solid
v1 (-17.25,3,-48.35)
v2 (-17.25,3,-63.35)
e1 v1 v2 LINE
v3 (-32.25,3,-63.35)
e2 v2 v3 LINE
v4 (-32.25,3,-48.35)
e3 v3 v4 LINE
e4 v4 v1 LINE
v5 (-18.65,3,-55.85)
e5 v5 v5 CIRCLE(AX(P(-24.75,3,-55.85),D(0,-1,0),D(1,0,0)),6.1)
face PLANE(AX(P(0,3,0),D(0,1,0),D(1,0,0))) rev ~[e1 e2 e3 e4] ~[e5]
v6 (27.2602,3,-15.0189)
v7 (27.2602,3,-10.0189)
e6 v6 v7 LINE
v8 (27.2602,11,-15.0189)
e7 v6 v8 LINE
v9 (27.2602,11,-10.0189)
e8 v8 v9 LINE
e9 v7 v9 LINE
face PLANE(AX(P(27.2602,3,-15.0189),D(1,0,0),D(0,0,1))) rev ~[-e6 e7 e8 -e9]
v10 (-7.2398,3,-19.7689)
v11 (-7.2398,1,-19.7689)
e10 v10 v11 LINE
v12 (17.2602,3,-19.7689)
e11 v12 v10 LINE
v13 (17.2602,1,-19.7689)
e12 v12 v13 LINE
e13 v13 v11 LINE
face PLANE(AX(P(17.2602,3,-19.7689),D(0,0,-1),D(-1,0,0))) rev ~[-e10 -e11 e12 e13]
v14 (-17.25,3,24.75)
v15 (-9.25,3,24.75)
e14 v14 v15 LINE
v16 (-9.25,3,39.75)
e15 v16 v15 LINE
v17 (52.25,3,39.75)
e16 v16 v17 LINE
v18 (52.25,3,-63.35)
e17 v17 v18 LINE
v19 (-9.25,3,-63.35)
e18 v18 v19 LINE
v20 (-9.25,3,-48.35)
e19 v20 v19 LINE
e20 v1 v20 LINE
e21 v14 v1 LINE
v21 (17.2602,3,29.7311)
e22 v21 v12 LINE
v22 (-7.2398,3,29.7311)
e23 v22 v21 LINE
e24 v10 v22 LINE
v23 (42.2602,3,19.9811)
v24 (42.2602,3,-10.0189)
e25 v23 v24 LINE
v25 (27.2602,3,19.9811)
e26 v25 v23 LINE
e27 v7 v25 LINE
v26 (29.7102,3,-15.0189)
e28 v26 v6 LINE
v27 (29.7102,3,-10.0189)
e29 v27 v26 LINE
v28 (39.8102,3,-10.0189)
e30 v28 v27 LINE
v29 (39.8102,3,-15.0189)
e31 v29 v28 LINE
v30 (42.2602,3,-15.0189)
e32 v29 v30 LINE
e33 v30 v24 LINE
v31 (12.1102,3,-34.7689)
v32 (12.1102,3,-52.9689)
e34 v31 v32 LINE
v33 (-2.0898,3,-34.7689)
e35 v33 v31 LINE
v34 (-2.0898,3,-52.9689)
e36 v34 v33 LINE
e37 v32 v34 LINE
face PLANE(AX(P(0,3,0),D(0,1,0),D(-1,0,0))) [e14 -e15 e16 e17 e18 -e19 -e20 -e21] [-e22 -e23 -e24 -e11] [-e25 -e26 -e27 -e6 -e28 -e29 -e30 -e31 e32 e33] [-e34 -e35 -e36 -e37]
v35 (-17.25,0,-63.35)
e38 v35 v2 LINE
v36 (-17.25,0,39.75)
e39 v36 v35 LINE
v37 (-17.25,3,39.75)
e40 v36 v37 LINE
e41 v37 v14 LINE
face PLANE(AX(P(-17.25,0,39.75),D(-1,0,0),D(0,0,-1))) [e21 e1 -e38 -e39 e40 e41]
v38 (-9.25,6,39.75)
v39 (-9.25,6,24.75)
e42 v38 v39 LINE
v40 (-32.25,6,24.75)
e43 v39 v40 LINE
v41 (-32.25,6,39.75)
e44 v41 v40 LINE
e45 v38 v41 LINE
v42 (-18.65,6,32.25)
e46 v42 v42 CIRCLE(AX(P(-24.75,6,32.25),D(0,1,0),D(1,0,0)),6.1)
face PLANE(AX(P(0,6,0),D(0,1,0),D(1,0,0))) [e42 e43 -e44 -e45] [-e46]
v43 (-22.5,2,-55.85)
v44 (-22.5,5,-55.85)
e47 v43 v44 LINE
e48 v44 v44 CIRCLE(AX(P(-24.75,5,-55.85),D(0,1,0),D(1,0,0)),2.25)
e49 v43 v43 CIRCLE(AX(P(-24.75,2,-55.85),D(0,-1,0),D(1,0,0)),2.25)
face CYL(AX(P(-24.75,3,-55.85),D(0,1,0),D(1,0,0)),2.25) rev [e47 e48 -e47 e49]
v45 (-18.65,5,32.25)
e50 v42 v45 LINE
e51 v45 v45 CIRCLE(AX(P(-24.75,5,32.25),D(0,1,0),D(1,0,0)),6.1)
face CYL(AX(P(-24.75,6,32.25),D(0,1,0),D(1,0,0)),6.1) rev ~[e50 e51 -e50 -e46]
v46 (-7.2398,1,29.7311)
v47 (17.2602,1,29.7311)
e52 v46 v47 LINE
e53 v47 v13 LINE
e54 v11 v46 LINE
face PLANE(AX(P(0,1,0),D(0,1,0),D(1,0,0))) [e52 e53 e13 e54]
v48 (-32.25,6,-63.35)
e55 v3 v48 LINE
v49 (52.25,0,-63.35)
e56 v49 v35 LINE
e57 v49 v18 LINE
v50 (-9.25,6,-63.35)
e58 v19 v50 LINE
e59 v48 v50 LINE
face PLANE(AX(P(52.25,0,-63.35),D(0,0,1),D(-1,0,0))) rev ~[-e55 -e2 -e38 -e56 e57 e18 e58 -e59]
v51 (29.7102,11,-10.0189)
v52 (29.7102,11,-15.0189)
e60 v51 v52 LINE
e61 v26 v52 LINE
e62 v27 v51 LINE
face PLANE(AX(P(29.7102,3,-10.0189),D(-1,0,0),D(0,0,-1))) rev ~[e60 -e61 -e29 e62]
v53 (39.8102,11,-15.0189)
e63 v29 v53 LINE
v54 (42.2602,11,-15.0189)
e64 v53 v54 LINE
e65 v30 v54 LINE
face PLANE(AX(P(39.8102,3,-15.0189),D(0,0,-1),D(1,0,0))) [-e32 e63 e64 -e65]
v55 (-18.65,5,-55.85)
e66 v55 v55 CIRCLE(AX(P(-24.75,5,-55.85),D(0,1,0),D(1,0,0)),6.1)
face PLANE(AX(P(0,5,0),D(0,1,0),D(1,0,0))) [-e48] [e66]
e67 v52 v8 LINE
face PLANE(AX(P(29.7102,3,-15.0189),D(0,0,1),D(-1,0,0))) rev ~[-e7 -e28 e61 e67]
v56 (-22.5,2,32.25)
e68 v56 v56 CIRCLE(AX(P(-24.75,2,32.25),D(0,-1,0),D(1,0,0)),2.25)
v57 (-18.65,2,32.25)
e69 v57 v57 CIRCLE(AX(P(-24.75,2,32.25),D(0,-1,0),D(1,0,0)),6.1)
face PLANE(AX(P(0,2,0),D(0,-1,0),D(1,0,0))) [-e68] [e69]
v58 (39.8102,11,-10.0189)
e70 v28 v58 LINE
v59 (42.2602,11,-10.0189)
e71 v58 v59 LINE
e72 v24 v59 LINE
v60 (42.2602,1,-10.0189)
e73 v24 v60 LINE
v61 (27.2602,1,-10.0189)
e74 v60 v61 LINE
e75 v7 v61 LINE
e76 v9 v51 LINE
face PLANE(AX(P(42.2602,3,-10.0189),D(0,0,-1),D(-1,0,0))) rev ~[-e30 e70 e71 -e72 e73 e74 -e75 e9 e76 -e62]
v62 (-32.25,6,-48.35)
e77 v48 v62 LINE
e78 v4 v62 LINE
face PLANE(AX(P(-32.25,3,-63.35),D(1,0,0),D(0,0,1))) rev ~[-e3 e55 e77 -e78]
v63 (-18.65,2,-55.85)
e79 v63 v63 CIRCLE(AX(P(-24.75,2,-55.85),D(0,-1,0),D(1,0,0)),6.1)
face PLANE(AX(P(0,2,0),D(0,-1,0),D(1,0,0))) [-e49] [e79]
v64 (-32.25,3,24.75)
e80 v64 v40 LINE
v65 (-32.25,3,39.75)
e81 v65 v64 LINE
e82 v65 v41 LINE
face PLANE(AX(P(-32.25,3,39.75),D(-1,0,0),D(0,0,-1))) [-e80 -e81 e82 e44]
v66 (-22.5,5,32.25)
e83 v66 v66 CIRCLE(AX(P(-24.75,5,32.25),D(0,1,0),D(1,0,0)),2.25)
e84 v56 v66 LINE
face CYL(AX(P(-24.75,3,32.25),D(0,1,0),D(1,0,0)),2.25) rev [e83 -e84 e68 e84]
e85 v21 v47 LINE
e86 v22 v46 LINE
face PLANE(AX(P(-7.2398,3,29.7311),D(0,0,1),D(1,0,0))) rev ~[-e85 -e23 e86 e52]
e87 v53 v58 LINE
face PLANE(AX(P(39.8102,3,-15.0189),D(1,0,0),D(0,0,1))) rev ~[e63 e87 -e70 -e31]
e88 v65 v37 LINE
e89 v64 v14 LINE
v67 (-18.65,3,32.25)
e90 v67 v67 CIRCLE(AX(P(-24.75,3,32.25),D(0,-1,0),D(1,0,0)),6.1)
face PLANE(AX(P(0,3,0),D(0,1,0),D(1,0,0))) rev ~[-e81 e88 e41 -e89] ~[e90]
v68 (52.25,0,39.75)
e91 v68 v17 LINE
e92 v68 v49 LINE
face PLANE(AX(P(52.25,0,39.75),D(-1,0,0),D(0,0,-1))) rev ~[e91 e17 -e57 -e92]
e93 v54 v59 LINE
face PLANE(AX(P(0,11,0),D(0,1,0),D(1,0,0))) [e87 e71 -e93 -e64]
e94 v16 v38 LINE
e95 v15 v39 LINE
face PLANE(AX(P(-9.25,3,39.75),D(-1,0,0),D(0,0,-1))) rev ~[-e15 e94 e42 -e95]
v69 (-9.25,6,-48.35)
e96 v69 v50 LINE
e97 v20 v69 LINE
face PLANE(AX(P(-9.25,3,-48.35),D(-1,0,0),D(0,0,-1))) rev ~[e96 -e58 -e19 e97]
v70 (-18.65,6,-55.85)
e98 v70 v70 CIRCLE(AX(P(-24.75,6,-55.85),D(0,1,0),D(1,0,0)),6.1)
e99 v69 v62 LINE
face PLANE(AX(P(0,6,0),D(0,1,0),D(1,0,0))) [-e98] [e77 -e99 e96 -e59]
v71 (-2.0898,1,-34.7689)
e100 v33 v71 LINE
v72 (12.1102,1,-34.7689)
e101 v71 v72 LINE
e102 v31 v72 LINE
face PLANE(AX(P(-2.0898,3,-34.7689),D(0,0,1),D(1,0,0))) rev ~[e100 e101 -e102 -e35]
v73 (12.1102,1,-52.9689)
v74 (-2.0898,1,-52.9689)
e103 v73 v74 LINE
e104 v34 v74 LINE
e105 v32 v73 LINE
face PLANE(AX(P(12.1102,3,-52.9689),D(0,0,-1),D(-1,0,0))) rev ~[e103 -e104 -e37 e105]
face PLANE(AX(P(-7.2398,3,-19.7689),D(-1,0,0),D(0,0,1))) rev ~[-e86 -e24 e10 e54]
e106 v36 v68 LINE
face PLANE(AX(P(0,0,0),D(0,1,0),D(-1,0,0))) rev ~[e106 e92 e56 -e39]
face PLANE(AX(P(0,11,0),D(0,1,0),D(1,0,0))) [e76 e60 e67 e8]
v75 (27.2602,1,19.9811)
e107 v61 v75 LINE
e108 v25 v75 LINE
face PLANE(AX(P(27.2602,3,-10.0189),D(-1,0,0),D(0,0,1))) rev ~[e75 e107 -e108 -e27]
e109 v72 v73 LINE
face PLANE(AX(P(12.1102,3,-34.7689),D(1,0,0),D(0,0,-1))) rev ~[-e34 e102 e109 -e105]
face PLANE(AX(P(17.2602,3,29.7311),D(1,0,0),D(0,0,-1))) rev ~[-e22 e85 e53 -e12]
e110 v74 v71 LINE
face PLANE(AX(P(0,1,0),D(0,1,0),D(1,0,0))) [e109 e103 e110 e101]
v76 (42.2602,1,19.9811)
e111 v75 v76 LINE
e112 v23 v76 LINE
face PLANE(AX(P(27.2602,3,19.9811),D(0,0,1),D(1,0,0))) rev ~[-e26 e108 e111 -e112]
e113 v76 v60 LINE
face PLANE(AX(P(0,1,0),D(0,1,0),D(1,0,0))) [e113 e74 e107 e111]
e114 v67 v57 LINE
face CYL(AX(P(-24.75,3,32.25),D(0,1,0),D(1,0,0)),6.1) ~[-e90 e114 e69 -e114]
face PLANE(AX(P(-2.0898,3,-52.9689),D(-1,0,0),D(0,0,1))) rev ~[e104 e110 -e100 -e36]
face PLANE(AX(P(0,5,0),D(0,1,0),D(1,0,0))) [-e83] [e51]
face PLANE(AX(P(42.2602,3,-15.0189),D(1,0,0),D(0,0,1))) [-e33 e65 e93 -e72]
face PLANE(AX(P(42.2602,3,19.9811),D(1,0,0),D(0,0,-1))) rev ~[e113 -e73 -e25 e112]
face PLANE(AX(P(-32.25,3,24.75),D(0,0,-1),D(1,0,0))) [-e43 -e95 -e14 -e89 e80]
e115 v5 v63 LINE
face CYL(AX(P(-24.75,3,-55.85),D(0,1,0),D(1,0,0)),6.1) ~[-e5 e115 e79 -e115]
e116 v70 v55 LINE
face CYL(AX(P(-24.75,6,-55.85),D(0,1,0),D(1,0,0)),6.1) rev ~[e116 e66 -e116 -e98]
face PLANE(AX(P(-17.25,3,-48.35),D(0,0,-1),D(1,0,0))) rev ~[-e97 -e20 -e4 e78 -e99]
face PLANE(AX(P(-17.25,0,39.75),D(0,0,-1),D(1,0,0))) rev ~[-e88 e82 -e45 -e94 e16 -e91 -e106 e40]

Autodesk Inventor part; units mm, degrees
ref_plane "YZ Plane" through (0, 0, 0) normal (1, 0, 0) x (0, 1, 0)
ref_plane "XZ Plane" through (0, 0, 0) normal (0, 1, 0) x (-1, 0, 0)
ref_plane "XY Plane" through (0, 0, 0) normal (0, 0, 1) x (1, 0, 0)
sketch "Sketch1" plane through (0, 0, 0) normal (0, 1, 0) x (-1, 0, 0)
  line L0 (7.25, 29.75) -> (-17.25, 29.75)
  line L1 (-17.25, 29.75) -> (-17.25, -19.75)
  line L2 (-17.25, -19.75) -> (7.25, -19.75)
  line L3 (7.25, -19.75) -> (7.25, 29.75)
  line L4 (7.25, 29.75) -> (-17.25, -19.75) construction
  line L5 (-17.25, 29.75) -> (7.25, -19.75) construction
  line L6 (-27.25, 20) -> (-42.25, 20)
  line L7 (-42.25, 20) -> (-42.25, -10)
  line L8 (-42.25, -10) -> (-27.25, -10)
  line L9 (-27.25, -10) -> (-27.25, 20)
  line L10 (-27.25, 20) -> (-42.25, -10) construction
  line L11 (-42.25, 20) -> (-27.25, -10) construction
  line L12 (2.1, -34.75) -> (-12.1, -34.75)
  line L13 (-12.1, -34.75) -> (-12.1, -52.95)
  line L14 (-12.1, -52.95) -> (2.1, -52.95)
  line L15 (2.1, -52.95) -> (2.1, -34.75)
  line L16 (2.1, -34.75) -> (-12.1, -52.95) construction
  line L17 (-12.1, -34.75) -> (2.1, -52.95) construction
  line L18 (17.25, 39.75) -> (17.25, -51.55)
  line L19 (17.25, 24.75) -> (17.25, 39.75)
  line L20 (17.25, -36.55) -> (17.25, -51.55)
  line L21 (17.25, 39.75) -> (-52.25, 39.75)
  line L22 (-52.25, 39.75) -> (-52.25, -63.35)
  line L23 (-52.25, -63.35) -> (17.25, -63.35)
  line L24 (17.25, -63.35) -> (17.25, 39.75)
  point P0 (-34.75, 5)
  point P1 (-5, -43.85)
  point P2 (17.25, 0)
  dimension "d0" = 24.5
  dimension "d1" = 49.5
  dimension "d2" = 15
  dimension "d3" = 30
  dimension "d4" = 10
  dimension "d7" = 14.2
  dimension "d8" = 18.2
  dimension "d9" = 15
  dimension "d17" = 10
  dimension "d19" = 103.1
  dimension "d21" = 10
  dimension "d22" = 10
extrude "Extrusion1" add sketch "Sketch1" along normal blind 3 contours L3 L2 L1 L0 | L9 L8 L7 L6 | L15 L14 L13 L12 | L18 L24 L23 L22 L21
sketch "Sketch2" plane through (0, 3, 0) normal (0, 1, 0) x (1, 0, 0)
  line L0 (-7.2398, -29.7311) -> (17.2602, -29.7311)
  line L1 (17.2602, -29.7311) -> (17.2602, 19.7689)
  line L2 (17.2602, 19.7689) -> (-7.2398, 19.7689)
  line L3 (-7.2398, 19.7689) -> (-7.2398, -29.7311)
  line L4 (-7.2398, -29.7311) -> (17.2602, 19.7689) construction
  line L5 (17.2602, -29.7311) -> (-7.2398, 19.7689) construction
  line L6 (27.2602, -19.9811) -> (42.2602, -19.9811)
  line L7 (42.2602, -19.9811) -> (42.2602, 10.0189)
  line L8 (42.2602, 10.0189) -> (27.2602, 10.0189)
  line L9 (27.2602, 10.0189) -> (27.2602, -19.9811)
  line L10 (27.2602, -19.9811) -> (42.2602, 10.0189) construction
  line L11 (42.2602, -19.9811) -> (27.2602, 10.0189) construction
  line L12 (-2.0898, 34.7689) -> (12.1102, 34.7689)
  line L13 (12.1102, 34.7689) -> (12.1102, 52.9689)
  line L14 (12.1102, 52.9689) -> (-2.0898, 52.9689)
  line L15 (-2.0898, 52.9689) -> (-2.0898, 34.7689)
  line L16 (-2.0898, 34.7689) -> (12.1102, 52.9689) construction
  line L17 (12.1102, 34.7689) -> (-2.0898, 52.9689) construction
  line L18 (-17.2398, -39.7311) -> (-17.2398, 51.5689)
  line L19 (-17.2398, -39.7311) -> (-32.2398, -39.7311)
  line L20 (-32.2398, -39.7311) -> (-32.2398, -24.7311)
  line L21 (-32.2398, -24.7311) -> (-17.2398, -24.7311)
  line L22 (-17.2398, -24.7311) -> (-17.2398, -39.7311)
  line L23 (-17.2398, 51.5689) -> (-32.2398, 51.5689)
  line L24 (-32.2398, 51.5689) -> (-32.2398, 36.5689)
  line L25 (-32.2398, 36.5689) -> (-17.2398, 36.5689)
  line L26 (-17.2398, 36.5689) -> (-17.2398, 51.5689)
  line L27 (-17.2398, -39.7311) -> (52.2602, -39.7311)
  line L28 (52.2602, -39.7311) -> (52.2602, 63.3689)
  line L29 (52.2602, 63.3689) -> (-17.2398, 63.3689)
  line L30 (-17.2398, 63.3689) -> (-17.2398, -39.7311)
  point P0 (0, 0)
  point P1 (34.7602, -4.9811)
  point P2 (5.0102, 43.8689)
  point P3 (-17.2398, 0.0189)
  dimension "d25" = 24.5
  dimension "d26" = 49.5
  dimension "d27" = 15
  dimension "d28" = 30
  dimension "d29" = 10
  dimension "d30" = 14.2
  dimension "d31" = 18.2
  dimension "d32" = 15
  dimension "d33" = 15
  dimension "d34" = 15
  dimension "d35" = 15
  dimension "d36" = 15
  dimension "d37" = 10
  dimension "d38" = 11.8
  dimension "d39" = 103.1
  dimension "d40" = 10
  dimension "d41" = 10
extrude "Extrusion2" cut sketch "Sketch2" against normal blind 2 contours L3 L2 L1 L0 | L9 L8 L7 L6 | L15 L14 L13 L12
sketch "Sketch3" plane through (0, 3, 0) normal (0, 1, 0) x (1, 0, 0)
  point P0 (0, 0)
sketch "Sketch4" plane through (0, 3, 0) normal (0, 1, 0) x (1, 0, 0)
  line L0 (29.7102, 15.7954) -> (39.8102, 15.7954)
  line L1 (39.8102, 15.7954) -> (39.8102, 4.2425)
  line L2 (39.8102, 4.2425) -> (29.7102, 4.2425)
  line L3 (29.7102, 4.2425) -> (29.7102, 15.7954)
  line L4 (27.2602, 10.0189) -> (42.2602, 10.0189) projected
  line L5 (29.7102, 15.7954) -> (39.8102, 4.2425) construction
  line L6 (39.8102, 15.7954) -> (29.7102, 4.2425) construction
  line L7 (27.2602, 10.0189) -> (29.7102, 10.0189)
  line L8 (29.7102, 10.0189) -> (29.7102, 15.0189)
  line L9 (29.7102, 15.0189) -> (27.2602, 15.0189)
  line L10 (27.2602, 15.0189) -> (27.2602, 10.0189)
  line L11 (42.2602, 10.0189) -> (39.8102, 10.0189)
  line L12 (39.8102, 10.0189) -> (39.8102, 15.0189)
  line L13 (39.8102, 15.0189) -> (42.2602, 15.0189)
  line L14 (42.2602, 15.0189) -> (42.2602, 10.0189)
  point P0 (0, 0)
  point P1 (34.7602, 10.0189)
  point P2 (39.8102, 10.0189)
  point P3 (29.7102, 10.0189)
  dimension "d44" = 10.1
  dimension "d45" = 5
  dimension "d46" = 5
extrude "Extrusion3" add sketch "Sketch4" along normal blind 8 contours L3 L4 L10 L9 | L13 L14 L4 L1
sketch "Sketch7" plane through (0, 3, 0) normal (0, 1, 0) x (1, 0, 0)
  line L0 (-17.25, -39.75) -> (-32.25, -39.75)
  line L1 (-32.25, -39.75) -> (-32.25, -24.75)
  line L2 (-32.25, -24.75) -> (-17.25, -24.75)
  line L3 (-17.25, -24.75) -> (-17.25, -39.75)
  line L4 (52.25, 63.35) -> (-17.25, 63.35) projected
  line L5 (-17.25, 63.35) -> (-32.25, 63.35)
  line L6 (-32.25, 63.35) -> (-32.25, 48.35)
  line L7 (-32.25, 48.35) -> (-17.25, 48.35)
  line L8 (-17.25, 48.35) -> (-17.25, 63.35)
  line L9 (-17.25, -39.75) -> (-9.25, -39.75)
  line L10 (-9.25, -39.75) -> (-9.25, -24.75)
  line L11 (-9.25, -24.75) -> (-17.25, -24.75)
  line L12 (-17.25, -24.75) -> (-17.25, -39.75)
  line L13 (-17.25, 48.35) -> (-9.25, 48.35)
  line L14 (-9.25, 48.35) -> (-9.25, 63.35)
  line L15 (-9.25, 63.35) -> (-17.25, 63.35)
  line L16 (-17.25, 63.35) -> (-17.25, 48.35)
  point P0 (0, 0)
  dimension "d52" = 15
  dimension "d53" = 15
  dimension "d54" = 15
  dimension "d55" = 15
  dimension "d56" = 8
extrude "Extrusion5" add sketch "Sketch7" along normal blind 3
sketch "Sketch8" plane through (0, 6, 0) normal (0, 1, 0) x (1, 0, 0)
  line L0 (-32.25, -24.75) -> (-32.25, -39.75) projected
  line L1 (-9.25, -24.75) -> (-32.25, -24.75) projected
  line L2 (-17.25, 63.35) -> (-17.25, -39.75) projected
  line L3 (-17.25, -24.75) -> (-32.25, -24.75)
  circle A0 centre (-24.75, -32.25) radius 2.25
  circle A1 centre (-24.75, 55.85) radius 2.25
  point P0 (0, 0)
  dimension "d59" = 4.5
  dimension "d60" = 4.5
extrude "Extrusion6" cut sketch "Sketch8" against normal blind 3
sketch "Sketch9" plane through (0, 6, 0) normal (0, 1, 0) x (1, 0, 0)
  circle A0 centre (-24.75, -32.25) radius 2.25 projected
  circle A1 centre (-24.75, -32.25) radius 6.1
  circle A2 centre (-24.75, 55.85) radius 2.25 projected
  circle A3 centre (-24.75, 55.85) radius 6.1
  point P0 (0, 0)
  dimension "d63" = 12.2
  dimension "d64" = 12.2
extrude "Extrusion7" cut sketch "Sketch9" against normal blind 1 contours A0 | A1 | A3
sketch "Sketch10" plane through (0, 3, 0) normal (0, -1, 0) x (1, 0, 0)
  circle A0 centre (-24.75, 32.25) radius 2.25 projected
  circle A1 centre (-24.75, 32.25) radius 6.1
  circle A2 centre (-24.75, -55.85) radius 2.25 projected
  circle A3 centre (-24.75, -55.85) radius 6.1
  point P0 (0, 0)
  dimension "d67" = 12.2
  dimension "d68" = 12.2
extrude "Extrusion8" add sketch "Sketch10" along normal blind 1
properties part number "chrager_adapter"
